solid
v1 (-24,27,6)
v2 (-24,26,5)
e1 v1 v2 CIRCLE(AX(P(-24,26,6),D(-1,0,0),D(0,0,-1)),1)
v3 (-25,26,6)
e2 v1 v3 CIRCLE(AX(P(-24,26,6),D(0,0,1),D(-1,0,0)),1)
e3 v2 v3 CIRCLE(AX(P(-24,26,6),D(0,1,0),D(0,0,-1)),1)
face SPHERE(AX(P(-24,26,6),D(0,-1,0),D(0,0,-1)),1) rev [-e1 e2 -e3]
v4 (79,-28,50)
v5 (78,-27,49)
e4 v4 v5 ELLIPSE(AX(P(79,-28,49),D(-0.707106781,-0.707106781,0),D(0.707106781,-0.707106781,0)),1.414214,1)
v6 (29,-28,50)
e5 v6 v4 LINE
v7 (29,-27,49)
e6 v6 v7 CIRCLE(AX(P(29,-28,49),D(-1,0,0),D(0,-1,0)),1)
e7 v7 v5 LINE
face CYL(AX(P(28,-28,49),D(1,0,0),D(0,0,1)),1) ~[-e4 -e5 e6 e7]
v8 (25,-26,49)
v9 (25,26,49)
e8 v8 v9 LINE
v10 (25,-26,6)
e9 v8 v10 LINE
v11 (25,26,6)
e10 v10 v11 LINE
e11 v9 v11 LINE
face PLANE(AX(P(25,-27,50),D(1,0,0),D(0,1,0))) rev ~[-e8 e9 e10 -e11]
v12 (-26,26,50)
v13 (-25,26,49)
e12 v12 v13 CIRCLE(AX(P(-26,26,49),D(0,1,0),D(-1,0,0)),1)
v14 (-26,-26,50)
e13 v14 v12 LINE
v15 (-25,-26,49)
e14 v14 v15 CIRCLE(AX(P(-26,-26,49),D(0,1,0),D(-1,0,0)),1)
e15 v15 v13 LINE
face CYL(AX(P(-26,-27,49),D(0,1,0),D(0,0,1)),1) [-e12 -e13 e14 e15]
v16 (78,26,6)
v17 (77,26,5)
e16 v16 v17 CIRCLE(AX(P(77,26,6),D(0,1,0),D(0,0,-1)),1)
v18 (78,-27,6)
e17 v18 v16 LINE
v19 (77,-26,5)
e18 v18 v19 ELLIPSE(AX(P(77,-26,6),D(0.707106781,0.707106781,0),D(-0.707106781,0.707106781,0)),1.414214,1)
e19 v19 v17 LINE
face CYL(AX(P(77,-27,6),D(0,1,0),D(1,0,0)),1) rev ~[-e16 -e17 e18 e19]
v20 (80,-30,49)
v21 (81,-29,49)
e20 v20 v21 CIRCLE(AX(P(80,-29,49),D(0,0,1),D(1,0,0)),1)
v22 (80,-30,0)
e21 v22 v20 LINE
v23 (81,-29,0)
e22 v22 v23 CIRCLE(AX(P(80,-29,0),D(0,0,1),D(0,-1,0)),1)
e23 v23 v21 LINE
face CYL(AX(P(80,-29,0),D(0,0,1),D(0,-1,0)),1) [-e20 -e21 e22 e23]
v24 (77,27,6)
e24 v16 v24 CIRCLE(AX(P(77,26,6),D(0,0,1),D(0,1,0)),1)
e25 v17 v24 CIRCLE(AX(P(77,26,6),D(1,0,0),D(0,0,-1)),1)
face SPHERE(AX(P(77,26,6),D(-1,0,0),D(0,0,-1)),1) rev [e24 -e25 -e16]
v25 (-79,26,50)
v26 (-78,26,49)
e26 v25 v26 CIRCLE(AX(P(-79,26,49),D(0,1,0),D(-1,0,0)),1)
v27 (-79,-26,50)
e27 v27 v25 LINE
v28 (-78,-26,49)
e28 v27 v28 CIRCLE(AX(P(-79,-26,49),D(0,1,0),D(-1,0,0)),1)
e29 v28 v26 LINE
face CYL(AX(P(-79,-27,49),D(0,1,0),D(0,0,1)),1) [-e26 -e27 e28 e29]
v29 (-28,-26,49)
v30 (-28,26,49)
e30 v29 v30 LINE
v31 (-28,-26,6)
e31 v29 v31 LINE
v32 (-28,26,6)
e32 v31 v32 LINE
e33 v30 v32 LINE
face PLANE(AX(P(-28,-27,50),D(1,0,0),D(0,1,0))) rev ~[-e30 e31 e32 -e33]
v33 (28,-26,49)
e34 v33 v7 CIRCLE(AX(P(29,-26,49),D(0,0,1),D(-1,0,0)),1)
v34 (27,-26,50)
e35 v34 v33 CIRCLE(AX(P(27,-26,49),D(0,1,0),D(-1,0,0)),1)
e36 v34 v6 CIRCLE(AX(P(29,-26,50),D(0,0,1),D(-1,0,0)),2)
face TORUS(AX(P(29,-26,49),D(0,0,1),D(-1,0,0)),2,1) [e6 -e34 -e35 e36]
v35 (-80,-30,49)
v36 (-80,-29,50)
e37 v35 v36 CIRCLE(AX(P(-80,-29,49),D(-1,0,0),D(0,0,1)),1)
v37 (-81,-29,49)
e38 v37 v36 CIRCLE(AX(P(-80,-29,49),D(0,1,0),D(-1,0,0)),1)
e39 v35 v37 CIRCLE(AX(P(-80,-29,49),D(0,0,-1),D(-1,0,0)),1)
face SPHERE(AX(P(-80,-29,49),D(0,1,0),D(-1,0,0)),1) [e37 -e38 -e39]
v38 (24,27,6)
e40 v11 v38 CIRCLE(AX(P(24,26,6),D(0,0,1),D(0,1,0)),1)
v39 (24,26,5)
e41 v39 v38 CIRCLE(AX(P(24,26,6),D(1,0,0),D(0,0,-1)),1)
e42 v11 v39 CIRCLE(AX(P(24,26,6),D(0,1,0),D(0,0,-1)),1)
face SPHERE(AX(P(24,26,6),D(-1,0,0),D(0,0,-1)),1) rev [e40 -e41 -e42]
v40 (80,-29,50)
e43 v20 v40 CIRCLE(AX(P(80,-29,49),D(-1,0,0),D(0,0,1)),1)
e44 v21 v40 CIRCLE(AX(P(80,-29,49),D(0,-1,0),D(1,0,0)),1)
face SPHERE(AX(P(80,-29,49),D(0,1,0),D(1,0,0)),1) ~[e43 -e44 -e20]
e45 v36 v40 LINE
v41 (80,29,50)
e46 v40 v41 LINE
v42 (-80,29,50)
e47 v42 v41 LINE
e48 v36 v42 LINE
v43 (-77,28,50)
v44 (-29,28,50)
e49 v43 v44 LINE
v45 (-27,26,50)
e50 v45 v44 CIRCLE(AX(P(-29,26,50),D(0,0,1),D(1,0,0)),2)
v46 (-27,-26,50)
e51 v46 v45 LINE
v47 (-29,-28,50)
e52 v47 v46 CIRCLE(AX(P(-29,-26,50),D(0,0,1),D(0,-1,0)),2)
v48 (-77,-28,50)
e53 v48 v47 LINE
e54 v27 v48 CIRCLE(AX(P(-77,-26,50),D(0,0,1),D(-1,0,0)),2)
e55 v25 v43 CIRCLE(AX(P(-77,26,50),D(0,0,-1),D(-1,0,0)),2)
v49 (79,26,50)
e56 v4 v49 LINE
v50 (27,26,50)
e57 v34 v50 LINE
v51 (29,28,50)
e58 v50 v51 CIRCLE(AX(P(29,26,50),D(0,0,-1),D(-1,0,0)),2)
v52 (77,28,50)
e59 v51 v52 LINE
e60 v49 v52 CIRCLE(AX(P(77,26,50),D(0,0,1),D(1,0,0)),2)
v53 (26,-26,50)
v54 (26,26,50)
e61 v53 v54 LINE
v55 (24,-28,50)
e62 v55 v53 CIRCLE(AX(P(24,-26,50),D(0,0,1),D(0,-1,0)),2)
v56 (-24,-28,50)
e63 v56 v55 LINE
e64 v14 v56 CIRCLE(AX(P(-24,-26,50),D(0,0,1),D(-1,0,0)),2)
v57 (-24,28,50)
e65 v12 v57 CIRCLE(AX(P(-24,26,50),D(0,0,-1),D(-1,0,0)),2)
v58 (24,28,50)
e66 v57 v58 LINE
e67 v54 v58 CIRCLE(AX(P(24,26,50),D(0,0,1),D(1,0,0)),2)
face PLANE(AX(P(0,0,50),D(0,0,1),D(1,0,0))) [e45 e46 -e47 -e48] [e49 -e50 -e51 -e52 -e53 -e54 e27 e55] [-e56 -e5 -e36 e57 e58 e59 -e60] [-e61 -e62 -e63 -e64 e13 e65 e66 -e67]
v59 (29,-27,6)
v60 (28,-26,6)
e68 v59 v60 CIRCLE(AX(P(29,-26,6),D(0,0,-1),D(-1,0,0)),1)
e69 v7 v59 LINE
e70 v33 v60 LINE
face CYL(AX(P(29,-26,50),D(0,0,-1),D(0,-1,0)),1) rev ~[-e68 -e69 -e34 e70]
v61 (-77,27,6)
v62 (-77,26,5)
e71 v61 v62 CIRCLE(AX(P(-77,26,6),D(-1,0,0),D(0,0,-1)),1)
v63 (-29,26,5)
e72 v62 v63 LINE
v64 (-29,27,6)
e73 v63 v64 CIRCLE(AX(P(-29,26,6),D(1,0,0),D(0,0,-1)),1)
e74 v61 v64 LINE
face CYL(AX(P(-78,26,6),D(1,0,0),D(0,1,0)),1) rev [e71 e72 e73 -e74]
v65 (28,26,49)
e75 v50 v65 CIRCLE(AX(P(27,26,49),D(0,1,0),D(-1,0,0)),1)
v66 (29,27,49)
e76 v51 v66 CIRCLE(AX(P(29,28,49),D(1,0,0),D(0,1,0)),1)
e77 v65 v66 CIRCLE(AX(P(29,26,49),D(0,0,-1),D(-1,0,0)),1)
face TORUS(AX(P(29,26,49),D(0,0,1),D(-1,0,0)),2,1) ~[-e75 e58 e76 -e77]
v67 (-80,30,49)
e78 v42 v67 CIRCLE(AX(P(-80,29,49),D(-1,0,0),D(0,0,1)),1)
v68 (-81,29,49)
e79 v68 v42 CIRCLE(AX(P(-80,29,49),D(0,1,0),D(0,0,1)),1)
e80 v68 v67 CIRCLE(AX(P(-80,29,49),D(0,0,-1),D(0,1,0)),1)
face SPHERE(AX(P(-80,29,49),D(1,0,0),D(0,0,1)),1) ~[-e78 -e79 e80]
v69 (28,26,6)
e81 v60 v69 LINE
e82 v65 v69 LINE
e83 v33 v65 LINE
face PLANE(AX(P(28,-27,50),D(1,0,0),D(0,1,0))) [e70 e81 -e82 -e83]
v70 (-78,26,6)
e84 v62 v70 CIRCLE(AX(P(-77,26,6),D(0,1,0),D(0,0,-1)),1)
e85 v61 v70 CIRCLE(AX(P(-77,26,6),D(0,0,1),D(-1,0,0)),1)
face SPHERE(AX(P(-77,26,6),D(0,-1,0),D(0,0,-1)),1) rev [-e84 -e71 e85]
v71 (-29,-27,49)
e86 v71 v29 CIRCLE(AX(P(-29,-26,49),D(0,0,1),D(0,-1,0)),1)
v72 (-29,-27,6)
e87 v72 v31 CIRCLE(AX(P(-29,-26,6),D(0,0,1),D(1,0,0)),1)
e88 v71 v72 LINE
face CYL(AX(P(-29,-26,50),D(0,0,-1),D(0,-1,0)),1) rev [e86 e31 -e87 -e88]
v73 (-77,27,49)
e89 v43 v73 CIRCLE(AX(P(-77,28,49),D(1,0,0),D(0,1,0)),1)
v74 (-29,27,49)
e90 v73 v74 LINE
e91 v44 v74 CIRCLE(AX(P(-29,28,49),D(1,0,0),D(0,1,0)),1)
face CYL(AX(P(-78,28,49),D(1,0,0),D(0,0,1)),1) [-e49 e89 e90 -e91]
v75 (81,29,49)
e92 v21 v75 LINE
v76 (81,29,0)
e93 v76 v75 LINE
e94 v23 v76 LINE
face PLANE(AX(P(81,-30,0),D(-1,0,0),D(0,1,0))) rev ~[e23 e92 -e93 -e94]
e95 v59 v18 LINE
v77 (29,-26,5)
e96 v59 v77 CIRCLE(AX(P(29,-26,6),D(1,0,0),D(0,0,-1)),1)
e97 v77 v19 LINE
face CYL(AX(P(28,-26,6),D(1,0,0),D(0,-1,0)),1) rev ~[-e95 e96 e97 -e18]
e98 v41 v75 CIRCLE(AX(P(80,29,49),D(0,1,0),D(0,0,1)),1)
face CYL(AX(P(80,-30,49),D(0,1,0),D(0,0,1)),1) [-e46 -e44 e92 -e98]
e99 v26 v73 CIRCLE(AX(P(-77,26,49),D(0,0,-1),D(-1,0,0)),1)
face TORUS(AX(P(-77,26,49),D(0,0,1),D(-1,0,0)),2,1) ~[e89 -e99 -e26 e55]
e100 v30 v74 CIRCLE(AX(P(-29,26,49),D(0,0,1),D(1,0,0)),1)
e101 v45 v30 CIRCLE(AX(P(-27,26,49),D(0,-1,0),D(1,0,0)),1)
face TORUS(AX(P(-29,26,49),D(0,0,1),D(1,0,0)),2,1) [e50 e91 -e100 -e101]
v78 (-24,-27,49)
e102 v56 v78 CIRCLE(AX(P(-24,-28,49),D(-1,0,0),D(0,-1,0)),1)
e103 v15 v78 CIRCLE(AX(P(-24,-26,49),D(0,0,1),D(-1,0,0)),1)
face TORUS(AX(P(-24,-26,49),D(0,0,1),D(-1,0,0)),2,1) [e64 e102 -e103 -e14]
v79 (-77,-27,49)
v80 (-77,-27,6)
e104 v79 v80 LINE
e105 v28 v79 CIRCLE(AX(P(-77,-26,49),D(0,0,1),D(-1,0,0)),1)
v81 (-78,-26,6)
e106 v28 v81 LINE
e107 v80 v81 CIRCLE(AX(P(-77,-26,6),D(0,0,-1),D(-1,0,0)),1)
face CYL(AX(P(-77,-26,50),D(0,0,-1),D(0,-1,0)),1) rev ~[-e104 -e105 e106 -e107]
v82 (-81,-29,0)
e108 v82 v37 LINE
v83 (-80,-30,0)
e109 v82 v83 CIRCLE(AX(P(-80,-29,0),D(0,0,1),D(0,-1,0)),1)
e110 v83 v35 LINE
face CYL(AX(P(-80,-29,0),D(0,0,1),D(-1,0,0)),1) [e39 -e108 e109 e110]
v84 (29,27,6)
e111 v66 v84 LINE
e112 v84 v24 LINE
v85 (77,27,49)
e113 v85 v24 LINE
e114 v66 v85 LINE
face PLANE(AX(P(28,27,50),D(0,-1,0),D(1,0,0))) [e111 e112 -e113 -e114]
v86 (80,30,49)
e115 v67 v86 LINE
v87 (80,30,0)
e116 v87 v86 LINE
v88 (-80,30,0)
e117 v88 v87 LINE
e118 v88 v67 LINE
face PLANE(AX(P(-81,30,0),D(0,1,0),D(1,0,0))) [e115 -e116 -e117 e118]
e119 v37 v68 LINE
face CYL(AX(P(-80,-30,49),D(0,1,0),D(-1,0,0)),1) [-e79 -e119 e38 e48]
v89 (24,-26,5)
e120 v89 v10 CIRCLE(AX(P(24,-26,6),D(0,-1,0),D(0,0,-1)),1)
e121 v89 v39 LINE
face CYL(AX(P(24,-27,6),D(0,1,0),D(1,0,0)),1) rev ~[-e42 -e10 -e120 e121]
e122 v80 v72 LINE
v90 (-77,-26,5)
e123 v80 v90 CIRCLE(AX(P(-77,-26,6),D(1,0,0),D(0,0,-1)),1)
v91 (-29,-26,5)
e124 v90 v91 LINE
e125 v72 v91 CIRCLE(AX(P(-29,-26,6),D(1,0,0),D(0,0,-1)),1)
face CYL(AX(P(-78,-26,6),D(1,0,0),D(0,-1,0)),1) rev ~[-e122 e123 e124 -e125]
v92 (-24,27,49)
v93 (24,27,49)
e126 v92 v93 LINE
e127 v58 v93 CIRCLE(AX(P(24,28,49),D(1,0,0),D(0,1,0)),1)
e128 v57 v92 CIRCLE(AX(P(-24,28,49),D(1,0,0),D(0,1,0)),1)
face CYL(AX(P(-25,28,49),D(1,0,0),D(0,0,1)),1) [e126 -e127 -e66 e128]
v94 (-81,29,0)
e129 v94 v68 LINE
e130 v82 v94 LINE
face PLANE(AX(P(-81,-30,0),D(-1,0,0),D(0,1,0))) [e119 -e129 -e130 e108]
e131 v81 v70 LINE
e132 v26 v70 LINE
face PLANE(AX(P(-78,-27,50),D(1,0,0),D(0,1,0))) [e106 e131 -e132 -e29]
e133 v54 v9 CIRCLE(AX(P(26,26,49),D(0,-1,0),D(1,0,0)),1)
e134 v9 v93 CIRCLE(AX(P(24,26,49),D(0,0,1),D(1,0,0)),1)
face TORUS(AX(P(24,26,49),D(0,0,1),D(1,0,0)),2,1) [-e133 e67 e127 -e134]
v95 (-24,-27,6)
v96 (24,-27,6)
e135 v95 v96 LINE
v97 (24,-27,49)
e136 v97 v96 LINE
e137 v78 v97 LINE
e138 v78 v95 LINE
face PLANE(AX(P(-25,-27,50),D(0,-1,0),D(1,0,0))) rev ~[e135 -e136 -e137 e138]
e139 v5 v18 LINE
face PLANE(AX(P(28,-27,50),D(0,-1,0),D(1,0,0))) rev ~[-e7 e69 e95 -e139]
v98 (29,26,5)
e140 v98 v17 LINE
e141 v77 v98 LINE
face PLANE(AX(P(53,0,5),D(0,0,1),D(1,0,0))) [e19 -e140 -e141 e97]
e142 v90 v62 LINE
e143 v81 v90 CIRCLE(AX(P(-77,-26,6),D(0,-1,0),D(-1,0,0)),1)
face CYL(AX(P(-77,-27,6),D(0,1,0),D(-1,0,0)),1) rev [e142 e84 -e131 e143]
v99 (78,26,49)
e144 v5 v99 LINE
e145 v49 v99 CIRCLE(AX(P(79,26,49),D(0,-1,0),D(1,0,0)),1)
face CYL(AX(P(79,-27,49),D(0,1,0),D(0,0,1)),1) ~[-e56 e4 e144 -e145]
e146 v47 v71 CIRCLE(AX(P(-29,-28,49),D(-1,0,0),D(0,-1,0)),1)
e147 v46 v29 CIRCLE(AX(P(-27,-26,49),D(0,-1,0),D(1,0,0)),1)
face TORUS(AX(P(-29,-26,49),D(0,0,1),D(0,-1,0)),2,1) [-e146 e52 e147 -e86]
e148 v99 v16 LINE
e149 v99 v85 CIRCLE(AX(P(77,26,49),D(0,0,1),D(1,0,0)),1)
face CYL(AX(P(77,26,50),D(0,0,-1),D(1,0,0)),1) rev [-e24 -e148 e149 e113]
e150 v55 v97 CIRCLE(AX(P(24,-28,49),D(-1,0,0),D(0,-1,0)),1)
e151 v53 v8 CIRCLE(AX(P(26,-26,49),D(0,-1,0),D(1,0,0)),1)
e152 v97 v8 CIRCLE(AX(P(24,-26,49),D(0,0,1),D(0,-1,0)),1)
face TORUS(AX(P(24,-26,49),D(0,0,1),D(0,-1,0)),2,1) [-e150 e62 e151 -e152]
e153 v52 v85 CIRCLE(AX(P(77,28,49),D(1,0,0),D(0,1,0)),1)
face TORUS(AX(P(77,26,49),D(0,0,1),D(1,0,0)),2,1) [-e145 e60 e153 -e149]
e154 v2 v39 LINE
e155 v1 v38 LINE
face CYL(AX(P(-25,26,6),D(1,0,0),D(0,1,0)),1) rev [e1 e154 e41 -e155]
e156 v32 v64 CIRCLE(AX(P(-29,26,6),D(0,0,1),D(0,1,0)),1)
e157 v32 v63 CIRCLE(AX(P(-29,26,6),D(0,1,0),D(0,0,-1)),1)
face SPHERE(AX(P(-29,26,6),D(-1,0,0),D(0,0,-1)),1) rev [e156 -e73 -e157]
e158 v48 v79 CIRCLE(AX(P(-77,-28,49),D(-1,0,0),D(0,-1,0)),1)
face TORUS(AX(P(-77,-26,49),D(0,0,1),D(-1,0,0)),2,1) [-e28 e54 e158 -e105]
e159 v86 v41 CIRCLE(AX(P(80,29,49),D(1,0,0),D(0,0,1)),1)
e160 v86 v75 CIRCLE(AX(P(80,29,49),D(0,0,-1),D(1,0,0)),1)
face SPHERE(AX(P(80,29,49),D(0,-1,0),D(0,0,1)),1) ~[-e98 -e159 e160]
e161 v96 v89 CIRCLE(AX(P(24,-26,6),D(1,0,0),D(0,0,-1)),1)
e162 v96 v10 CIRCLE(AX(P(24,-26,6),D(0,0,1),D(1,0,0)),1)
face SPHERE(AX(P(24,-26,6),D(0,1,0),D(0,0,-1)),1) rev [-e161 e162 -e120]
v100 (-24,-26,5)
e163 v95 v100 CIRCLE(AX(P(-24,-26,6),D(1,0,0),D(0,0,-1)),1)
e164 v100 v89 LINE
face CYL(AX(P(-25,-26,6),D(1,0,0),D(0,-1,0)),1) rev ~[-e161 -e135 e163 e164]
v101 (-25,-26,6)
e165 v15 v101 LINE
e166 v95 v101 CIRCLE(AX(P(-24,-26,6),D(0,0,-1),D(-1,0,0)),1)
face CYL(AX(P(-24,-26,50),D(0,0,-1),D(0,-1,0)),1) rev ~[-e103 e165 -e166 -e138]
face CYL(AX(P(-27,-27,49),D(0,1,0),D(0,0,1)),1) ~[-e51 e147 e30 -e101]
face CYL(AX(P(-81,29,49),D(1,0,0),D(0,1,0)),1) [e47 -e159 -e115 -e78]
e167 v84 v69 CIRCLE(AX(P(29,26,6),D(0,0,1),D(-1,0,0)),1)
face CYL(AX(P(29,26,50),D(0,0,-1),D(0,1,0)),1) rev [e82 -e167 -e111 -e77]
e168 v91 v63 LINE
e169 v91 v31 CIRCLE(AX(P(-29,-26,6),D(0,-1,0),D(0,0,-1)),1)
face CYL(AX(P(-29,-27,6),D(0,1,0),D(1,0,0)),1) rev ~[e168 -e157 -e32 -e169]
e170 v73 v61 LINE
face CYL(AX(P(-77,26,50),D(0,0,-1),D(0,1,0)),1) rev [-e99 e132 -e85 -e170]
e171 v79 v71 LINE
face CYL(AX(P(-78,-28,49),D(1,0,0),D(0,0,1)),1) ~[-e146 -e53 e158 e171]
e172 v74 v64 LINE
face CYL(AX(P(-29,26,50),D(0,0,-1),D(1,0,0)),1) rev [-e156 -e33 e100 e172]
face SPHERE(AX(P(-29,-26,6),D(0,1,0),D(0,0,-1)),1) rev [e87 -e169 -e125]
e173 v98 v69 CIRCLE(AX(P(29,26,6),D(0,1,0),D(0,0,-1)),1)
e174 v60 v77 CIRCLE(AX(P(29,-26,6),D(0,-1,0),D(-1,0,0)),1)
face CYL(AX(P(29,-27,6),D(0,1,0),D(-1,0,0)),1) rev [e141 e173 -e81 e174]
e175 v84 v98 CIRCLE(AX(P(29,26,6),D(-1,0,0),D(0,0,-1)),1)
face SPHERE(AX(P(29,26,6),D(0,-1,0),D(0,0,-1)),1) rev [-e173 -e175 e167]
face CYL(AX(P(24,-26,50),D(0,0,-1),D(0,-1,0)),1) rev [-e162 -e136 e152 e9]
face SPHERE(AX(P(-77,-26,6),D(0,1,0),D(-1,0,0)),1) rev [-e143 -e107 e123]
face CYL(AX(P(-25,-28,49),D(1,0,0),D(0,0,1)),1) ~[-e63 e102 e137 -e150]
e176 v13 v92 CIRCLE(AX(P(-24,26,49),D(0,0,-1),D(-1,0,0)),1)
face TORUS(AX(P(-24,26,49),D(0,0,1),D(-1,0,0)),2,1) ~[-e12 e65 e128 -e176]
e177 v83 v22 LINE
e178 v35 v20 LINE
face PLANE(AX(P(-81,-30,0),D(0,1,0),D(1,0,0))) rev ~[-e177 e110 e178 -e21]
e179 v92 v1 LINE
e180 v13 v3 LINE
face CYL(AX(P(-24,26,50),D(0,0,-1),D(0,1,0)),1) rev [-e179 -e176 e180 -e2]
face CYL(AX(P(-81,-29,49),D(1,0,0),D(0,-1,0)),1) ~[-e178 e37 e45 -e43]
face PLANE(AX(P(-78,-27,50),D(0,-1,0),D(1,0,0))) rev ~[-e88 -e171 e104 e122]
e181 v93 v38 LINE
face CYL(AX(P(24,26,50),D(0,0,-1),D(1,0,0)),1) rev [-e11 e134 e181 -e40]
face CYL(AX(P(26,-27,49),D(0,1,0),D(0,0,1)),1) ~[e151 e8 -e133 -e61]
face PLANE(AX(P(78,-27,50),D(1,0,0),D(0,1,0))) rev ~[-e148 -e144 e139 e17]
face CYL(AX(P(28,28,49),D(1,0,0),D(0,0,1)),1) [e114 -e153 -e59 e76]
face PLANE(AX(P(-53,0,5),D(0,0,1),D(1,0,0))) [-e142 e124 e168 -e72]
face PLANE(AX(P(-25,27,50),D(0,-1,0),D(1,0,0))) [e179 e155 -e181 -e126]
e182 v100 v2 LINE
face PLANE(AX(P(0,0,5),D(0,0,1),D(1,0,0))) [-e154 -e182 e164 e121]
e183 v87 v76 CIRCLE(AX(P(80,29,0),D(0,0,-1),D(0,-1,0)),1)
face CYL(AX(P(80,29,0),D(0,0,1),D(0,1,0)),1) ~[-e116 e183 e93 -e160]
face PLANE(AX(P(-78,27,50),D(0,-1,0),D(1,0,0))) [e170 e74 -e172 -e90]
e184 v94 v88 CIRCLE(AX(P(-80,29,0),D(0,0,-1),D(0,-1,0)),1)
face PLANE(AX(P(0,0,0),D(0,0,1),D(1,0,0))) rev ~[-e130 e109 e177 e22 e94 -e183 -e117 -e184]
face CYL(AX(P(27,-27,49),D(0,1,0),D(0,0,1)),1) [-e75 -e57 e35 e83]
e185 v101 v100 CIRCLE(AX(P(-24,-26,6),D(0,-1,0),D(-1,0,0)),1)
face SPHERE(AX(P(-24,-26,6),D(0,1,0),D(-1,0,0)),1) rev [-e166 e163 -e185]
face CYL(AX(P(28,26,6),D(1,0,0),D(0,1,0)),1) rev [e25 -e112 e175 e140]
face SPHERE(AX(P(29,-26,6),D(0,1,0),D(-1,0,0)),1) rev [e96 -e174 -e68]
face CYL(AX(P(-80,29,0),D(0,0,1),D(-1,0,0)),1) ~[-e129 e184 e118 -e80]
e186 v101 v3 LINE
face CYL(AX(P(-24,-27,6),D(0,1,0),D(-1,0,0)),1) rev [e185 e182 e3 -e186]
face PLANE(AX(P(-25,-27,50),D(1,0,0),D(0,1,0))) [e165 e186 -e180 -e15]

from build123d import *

# Parameters (mm, degrees)
SKETCH1_W           = 162
SKETCH1_H           = 60
BOSS_EXTRUDE1_DEPTH = 50
SKETCH2_W           = 50
SKETCH2_H           = 54
CUT_EXTRUDE1_DEPTH  = 45
FILLET1_R           = 1


with BuildPart() as part:
    # Sketch1 → Boss-Extrude1 (new body)
    with BuildSketch(Plane.XY):
        Rectangle(SKETCH1_W, SKETCH1_H)
    extrude(amount=BOSS_EXTRUDE1_DEPTH)

    # Sketch2 → Cut-Extrude1 (cut)
    with BuildSketch(Plane.XY.offset(50)):
        with Locations((-53, 0)):
            Rectangle(SKETCH2_W, SKETCH2_H)
        Rectangle(SKETCH2_W, SKETCH2_H)
        with Locations((53, 0)):
            Rectangle(SKETCH2_W, SKETCH2_H)
    extrude(amount=-CUT_EXTRUDE1_DEPTH, mode=Mode.SUBTRACT)

    # Fillet1
    fillet1_edges = [part.edges().sort_by_distance(p)[0] for p in [
        (81, 0, 50),
        (0, 30, 50),
        (-78, 0, 5),
        (-78, -27, 27.5),
        (-53, 27, 5),
        (-78, 27, 27.5),
        (-28, 0, 5),
        (-28, 27, 27.5),
        (-53, -27, 5),
        (-28, -27, 27.5),
        (-78, 0, 50),
        (-53, -27, 50),
        (-28, 0, 50),
        (-53, 27, 50),
        (-25, 0, 5),
        (-25, -27, 27.5),
        (0, 27, 5),
        (-25, 27, 27.5),
        (25, 0, 5),
        (25, 27, 27.5),
        (0, -27, 5),
        (25, -27, 27.5),
        (-25, 0, 50),
        (0, -27, 50),
        (25, 0, 50),
        (0, 27, 50),
        (28, 0, 5),
        (28, -27, 27.5),
        (53, 27, 5),
        (28, 27, 27.5),
        (78, 0, 5),
        (78, 27, 27.5),
        (53, -27, 5),
        (28, 0, 50),
        (53, -27, 50),
        (78, 0, 50),
        (53, 27, 50),
        (-81, 0, 50),
        (-81, 30, 25),
        (81, 30, 25),
        (81, -30, 25),
        (-81, -30, 25),
        (0, -30, 50),
    ]]
    fillet(fillet1_edges, radius=FILLET1_R)


solid = part.part
